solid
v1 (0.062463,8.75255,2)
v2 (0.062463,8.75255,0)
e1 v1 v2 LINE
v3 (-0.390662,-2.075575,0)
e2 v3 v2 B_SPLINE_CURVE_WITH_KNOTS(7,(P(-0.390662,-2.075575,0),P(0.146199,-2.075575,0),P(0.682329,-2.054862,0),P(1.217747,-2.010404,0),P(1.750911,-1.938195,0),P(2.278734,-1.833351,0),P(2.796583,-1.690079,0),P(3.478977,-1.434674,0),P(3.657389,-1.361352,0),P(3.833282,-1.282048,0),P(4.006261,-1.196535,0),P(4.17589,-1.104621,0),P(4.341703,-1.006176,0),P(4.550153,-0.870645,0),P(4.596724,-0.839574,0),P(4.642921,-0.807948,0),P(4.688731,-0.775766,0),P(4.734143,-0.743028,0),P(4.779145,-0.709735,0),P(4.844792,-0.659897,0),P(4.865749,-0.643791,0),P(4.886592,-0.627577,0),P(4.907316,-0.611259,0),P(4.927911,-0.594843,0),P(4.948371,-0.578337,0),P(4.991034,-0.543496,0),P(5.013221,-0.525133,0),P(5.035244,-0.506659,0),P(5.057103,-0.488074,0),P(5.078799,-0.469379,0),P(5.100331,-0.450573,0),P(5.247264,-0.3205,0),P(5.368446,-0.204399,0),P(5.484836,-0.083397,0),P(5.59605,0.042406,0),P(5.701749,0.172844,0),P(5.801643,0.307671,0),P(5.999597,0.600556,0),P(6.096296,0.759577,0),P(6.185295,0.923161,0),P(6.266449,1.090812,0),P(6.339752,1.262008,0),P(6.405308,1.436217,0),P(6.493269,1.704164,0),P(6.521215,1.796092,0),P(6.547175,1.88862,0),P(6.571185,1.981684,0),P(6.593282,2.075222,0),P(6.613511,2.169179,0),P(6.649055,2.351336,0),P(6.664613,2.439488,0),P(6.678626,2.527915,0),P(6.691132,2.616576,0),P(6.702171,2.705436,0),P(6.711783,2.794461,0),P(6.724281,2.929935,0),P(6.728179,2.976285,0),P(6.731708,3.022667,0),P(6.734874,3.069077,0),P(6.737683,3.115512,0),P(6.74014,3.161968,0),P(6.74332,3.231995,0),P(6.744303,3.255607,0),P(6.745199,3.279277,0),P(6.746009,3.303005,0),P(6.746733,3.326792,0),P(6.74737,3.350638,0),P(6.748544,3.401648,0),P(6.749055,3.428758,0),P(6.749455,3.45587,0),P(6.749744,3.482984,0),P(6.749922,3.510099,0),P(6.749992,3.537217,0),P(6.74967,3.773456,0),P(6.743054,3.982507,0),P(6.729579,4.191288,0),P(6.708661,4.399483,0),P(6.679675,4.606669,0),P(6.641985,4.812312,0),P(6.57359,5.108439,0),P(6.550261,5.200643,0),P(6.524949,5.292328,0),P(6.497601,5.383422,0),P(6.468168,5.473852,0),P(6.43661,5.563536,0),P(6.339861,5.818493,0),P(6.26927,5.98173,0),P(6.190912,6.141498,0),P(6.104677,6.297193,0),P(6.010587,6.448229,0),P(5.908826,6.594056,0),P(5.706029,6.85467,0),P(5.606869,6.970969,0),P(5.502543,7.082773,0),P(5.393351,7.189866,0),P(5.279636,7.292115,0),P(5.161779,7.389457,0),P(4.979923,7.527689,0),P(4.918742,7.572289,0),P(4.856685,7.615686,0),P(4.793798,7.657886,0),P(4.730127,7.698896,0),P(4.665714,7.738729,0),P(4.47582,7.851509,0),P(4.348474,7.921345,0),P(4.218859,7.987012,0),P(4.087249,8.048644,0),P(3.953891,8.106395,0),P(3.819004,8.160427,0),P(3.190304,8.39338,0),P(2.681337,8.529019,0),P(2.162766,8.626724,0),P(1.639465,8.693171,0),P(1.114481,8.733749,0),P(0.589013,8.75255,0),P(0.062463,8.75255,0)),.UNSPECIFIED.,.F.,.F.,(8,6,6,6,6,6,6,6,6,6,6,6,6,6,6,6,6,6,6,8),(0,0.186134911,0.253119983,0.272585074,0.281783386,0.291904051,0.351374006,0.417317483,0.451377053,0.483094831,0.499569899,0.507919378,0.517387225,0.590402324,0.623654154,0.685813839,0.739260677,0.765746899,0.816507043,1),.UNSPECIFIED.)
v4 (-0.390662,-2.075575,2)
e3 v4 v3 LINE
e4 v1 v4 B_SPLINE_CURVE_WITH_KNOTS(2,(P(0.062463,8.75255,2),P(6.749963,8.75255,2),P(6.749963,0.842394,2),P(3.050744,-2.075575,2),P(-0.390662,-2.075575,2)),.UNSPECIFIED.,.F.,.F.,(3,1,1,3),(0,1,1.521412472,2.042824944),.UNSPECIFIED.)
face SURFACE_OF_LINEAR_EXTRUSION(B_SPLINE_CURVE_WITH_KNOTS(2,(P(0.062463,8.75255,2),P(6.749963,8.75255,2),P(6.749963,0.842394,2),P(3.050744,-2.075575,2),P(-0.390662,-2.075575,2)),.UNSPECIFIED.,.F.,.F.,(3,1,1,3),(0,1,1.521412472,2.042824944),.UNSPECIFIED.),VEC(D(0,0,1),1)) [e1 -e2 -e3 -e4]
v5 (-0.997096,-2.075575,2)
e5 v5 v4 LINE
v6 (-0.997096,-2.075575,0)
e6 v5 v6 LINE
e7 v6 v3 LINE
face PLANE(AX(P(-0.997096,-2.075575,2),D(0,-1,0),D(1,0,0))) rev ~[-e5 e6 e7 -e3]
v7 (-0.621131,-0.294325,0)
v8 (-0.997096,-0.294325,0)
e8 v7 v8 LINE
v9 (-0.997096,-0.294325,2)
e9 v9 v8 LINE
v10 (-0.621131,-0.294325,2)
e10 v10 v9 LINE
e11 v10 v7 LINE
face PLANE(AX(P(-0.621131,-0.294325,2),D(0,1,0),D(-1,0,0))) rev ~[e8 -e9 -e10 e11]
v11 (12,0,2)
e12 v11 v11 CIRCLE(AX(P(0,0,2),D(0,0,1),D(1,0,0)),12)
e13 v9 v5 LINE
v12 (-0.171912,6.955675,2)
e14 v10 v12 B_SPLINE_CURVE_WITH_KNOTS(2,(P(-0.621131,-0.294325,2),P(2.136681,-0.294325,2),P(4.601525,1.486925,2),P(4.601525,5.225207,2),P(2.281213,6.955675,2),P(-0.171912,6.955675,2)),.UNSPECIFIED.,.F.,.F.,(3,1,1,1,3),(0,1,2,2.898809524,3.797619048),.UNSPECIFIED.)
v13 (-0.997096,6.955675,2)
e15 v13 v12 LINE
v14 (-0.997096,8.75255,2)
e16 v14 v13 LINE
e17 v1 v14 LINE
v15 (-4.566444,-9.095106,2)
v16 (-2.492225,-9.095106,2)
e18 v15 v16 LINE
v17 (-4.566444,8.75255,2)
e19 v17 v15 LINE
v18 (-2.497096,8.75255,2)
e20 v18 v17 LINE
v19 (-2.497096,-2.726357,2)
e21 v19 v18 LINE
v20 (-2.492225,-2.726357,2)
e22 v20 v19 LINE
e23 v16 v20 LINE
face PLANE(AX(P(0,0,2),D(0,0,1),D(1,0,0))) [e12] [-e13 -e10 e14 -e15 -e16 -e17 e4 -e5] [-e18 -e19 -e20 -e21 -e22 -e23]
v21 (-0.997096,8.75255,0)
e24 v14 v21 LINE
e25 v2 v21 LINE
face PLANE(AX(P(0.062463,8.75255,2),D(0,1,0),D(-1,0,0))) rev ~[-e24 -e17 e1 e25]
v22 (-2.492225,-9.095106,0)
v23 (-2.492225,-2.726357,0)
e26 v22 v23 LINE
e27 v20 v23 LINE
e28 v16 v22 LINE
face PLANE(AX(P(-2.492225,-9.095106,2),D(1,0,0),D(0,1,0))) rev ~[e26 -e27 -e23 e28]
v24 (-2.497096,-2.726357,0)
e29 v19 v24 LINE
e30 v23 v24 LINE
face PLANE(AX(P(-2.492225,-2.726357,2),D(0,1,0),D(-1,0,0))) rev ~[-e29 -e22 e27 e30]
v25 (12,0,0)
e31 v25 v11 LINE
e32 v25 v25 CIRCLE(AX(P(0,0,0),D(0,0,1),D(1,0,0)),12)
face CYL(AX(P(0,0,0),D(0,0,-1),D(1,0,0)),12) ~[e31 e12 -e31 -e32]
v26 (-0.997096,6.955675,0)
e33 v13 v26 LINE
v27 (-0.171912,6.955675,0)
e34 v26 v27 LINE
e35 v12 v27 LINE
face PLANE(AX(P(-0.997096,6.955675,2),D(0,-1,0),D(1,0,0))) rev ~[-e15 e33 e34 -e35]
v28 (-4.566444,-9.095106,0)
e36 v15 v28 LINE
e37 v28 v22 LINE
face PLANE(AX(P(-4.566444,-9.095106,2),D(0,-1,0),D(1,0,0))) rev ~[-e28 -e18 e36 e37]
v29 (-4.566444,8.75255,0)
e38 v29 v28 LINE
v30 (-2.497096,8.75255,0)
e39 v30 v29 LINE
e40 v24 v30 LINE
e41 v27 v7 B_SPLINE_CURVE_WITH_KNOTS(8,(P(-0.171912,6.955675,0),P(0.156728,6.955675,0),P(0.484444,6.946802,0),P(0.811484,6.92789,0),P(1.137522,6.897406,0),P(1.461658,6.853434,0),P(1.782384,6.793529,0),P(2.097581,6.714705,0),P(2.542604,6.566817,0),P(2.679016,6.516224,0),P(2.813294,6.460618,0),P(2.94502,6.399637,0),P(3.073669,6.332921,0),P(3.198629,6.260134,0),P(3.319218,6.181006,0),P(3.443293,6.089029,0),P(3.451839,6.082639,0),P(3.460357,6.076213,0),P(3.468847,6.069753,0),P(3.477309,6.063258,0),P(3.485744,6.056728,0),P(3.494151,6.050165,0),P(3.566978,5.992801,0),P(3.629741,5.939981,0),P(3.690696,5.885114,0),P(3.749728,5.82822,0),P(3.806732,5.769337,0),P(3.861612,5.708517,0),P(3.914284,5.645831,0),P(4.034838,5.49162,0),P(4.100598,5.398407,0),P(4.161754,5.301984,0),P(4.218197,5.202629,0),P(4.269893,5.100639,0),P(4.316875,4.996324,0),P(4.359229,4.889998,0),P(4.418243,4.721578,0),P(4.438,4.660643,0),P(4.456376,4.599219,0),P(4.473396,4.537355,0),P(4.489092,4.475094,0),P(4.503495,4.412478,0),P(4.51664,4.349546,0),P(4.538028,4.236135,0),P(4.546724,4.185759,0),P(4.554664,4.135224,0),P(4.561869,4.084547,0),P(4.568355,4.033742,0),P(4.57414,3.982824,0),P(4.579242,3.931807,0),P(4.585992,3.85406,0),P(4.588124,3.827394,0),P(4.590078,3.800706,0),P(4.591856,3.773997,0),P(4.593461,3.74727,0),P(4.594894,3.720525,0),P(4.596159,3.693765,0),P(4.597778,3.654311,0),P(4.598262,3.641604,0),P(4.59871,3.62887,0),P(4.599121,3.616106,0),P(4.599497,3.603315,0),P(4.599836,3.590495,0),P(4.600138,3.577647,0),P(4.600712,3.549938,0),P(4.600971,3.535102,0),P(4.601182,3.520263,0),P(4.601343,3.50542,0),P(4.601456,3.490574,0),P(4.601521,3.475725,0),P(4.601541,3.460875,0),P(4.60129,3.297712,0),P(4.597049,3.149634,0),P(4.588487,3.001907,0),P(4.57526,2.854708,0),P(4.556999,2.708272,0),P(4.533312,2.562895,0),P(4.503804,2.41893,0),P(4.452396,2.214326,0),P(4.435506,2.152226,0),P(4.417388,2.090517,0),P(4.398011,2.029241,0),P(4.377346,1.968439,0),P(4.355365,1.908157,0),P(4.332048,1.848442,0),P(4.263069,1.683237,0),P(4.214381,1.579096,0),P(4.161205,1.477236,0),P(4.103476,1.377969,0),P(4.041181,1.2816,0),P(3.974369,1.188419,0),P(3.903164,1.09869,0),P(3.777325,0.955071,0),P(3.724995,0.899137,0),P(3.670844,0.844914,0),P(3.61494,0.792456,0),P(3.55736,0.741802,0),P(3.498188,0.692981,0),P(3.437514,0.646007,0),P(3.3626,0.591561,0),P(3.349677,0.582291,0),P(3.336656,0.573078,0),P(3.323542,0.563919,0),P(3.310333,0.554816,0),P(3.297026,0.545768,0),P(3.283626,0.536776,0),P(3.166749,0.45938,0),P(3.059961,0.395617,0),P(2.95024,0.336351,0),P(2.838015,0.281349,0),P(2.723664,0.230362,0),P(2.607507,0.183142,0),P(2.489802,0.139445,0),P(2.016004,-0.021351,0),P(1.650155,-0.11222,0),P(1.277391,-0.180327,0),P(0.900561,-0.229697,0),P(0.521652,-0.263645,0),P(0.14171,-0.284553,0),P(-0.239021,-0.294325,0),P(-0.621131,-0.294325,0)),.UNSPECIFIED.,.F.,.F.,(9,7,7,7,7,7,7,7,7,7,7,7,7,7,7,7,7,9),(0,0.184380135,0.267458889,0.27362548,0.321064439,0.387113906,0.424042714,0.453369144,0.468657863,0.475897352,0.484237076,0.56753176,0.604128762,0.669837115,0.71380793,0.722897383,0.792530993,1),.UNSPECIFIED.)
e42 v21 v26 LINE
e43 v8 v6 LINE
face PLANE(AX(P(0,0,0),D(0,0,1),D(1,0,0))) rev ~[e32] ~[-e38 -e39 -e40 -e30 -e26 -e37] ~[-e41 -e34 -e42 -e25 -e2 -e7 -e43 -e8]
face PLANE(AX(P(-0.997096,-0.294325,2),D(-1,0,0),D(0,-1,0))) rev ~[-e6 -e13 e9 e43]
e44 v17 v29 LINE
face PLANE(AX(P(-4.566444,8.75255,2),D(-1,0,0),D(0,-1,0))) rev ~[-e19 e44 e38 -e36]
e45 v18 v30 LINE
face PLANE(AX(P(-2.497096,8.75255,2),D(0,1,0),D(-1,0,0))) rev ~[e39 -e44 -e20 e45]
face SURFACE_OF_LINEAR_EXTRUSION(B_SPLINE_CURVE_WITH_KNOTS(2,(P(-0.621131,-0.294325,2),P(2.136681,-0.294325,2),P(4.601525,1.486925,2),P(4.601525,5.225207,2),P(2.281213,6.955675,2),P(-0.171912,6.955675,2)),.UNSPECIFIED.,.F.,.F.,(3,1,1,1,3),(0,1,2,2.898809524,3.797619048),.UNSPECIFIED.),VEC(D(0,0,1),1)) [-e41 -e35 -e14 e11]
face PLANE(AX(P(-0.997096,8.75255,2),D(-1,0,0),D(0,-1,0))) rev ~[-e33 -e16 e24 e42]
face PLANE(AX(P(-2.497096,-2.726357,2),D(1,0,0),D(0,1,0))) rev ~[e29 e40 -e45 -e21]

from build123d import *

# Parameters (mm, degrees)
F0_R     = 12
F1_DEPTH = 2
F3_DEPTH = 25


with BuildPart() as f1:
    # F0 (on Top) → F1 (new body)
    with BuildSketch(Plane.XY):
        Circle(F0_R)
    extrude(amount=F1_DEPTH)

    # F2 (on face) → F3 (cut)
    with BuildSketch(Plane.XY.offset(2)):
        Polygon((-2.4922248213, -2.7263574302), (-2.4970963951, -2.7263574302), (-2.4970963951, 8.7525503095), (-4.5664435713, 8.7525503095), (-4.5664435713, -9.0951059405), (-2.4922248213, -9.0951059405), align=None)
        with BuildLine():
            Line((0.0624626787, 8.7525503095), (-0.9970963951, 8.7525503095))
            Line((-0.9970963951, 8.7525503095), (-0.9970963951, 6.9556753095))
            Line((-0.9970963951, 6.9556753095), (-0.1719123213, 6.9556753095))
            add(Edge.make_bspline(
                [(3.4413689287, 6.0904409345), (2.2812126787, 6.9556753095), (-0.1719123213, 6.9556753095)],
                knots=[0, 0, 0, 1, 1, 1], degree=2))
            add(Edge.make_bspline(
                [(4.6015251787, 3.4556753095), (4.6015251787, 5.2252065595), (3.4413689287, 6.0904409345)],
                knots=[0, 0, 0, 1, 1, 1], degree=2))
            add(Edge.make_bspline(
                [(3.3691033037, 0.5963003095), (4.6015251787, 1.4869253095), (4.6015251787, 3.4556753095)],
                knots=[0, 0, 0, 1, 1, 1], degree=2))
            add(Edge.make_bspline(
                [(-0.6211310713, -0.2943246905), (2.1366814287, -0.2943246905), (3.3691033037, 0.5963003095)],
                knots=[0, 0, 0, 1, 1, 1], degree=2))
            Line((-0.6211310713, -0.2943246905), (-0.9970963951, -0.2943246905))
            Line((-0.9970963951, -0.2943246905), (-0.9970963951, -2.0755746905))
            Line((-0.9970963951, -2.0755746905), (-0.3906623213, -2.0755746905))
            add(Edge.make_bspline(
                [(4.9003533037, -0.6165903155), (3.0507439287, -2.0755746905), (-0.3906623213, -2.0755746905)],
                knots=[0, 0, 0, 1, 1, 1], degree=2))
            add(Edge.make_bspline(
                [(6.7499626787, 3.5533315595), (6.7499626787, 0.8423940595), (4.9003533037, -0.6165903155)],
                knots=[0, 0, 0, 1, 1, 1], degree=2))
            add(Edge.make_bspline(
                [(0.0624626787, 8.7525503095), (6.7499626787, 8.7525503095), (6.7499626787, 3.5533315595)],
                knots=[0, 0, 0, 1, 1, 1], degree=2))
        make_face()
    extrude(amount=-F3_DEPTH, mode=Mode.SUBTRACT)


solid = f1.part
